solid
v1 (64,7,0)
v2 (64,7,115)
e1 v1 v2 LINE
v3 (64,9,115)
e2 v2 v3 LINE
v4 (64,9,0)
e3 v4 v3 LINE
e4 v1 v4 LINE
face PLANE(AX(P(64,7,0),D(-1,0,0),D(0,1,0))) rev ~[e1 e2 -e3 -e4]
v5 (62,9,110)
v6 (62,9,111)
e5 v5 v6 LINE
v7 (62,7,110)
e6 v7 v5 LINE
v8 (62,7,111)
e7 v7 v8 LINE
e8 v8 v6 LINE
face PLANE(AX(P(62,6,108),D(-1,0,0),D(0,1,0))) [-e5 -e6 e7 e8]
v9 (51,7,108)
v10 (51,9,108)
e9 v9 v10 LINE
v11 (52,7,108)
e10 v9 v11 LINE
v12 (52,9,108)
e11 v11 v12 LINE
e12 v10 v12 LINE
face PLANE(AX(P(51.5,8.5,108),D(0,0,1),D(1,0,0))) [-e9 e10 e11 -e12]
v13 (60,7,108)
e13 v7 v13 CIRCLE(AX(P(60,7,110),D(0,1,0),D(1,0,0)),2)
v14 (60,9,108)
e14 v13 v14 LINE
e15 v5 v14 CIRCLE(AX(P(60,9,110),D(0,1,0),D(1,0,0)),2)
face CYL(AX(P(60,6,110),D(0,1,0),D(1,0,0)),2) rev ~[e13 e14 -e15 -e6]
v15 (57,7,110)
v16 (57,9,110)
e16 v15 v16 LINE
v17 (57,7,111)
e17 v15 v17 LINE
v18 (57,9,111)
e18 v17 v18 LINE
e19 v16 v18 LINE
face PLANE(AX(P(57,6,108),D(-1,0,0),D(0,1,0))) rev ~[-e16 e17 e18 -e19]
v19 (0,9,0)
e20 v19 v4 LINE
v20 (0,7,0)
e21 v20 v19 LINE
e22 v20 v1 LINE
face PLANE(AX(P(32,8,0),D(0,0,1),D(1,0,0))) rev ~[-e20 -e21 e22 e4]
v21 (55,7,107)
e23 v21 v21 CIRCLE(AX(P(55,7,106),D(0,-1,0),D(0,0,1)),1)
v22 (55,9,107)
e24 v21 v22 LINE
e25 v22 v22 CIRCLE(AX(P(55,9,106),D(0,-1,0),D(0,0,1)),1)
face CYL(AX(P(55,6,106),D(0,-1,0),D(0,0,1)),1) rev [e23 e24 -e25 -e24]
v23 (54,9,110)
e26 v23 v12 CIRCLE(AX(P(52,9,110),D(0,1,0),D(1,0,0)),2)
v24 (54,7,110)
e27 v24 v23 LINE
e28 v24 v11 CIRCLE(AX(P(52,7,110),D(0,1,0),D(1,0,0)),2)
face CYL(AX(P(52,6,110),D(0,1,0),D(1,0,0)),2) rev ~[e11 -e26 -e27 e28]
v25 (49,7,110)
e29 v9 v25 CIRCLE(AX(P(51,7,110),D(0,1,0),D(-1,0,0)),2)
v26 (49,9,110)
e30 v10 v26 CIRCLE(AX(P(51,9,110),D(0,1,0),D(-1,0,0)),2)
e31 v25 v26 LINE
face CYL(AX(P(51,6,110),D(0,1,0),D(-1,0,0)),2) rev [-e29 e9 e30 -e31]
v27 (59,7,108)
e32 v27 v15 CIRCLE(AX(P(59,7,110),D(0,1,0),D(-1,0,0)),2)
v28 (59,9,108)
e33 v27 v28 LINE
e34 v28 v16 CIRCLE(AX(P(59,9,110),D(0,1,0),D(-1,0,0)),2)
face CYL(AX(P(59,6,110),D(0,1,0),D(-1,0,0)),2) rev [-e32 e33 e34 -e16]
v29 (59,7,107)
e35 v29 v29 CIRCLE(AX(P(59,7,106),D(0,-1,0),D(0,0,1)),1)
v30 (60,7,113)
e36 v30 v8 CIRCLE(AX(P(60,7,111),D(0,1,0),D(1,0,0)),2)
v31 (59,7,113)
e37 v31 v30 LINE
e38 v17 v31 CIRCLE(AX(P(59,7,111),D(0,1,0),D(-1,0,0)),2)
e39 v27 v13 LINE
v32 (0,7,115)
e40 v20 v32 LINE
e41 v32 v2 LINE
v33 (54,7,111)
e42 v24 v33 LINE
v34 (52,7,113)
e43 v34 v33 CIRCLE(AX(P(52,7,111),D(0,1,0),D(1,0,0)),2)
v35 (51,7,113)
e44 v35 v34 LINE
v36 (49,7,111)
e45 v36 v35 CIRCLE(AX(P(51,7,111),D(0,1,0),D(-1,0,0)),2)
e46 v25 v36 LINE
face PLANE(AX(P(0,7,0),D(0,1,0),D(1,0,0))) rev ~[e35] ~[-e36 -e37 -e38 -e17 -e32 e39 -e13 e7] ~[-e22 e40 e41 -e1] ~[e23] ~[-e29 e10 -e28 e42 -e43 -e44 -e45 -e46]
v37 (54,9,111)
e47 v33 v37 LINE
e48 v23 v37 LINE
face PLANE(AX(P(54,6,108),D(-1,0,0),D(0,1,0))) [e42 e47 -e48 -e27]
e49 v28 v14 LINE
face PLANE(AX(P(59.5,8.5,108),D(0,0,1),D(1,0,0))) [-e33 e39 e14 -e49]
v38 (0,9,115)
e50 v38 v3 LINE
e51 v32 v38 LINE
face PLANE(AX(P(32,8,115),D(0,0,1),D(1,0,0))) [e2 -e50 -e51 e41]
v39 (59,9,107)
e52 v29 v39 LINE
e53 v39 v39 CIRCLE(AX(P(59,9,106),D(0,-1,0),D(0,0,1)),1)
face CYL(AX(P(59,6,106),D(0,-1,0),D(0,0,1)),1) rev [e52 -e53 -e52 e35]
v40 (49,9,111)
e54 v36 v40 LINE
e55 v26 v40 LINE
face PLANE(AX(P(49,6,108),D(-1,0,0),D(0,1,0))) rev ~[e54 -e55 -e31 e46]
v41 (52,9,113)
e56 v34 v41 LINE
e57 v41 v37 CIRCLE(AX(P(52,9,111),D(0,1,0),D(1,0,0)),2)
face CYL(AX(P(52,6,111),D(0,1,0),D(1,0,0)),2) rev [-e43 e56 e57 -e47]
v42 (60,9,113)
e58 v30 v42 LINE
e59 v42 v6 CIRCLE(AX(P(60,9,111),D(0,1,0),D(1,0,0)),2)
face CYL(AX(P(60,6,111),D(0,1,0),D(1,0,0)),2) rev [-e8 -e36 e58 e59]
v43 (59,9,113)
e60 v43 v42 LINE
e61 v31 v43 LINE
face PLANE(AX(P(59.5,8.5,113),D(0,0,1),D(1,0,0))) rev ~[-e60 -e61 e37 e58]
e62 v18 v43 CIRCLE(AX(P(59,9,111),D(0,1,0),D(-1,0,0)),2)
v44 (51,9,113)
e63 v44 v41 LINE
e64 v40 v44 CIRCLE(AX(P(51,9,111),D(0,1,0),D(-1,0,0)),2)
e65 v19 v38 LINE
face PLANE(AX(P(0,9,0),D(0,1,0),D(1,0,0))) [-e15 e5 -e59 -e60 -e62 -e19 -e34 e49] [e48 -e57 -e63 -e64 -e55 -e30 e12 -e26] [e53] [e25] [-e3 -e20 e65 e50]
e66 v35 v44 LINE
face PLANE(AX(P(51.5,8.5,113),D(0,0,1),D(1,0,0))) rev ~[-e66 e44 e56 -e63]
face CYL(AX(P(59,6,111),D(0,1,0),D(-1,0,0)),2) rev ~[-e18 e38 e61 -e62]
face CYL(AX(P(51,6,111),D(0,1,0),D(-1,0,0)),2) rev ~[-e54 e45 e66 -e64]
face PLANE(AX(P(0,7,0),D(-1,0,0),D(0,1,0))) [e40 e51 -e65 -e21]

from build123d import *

# Parameters (mm, degrees)
CYLINDER011_R     = 1
CYLINDER011_DEPTH = 10
CYLINDER012_R     = 1
CYLINDER012_DEPTH = 10
BOX014_W          = 5
BOX014_H          = 5
BOX014_DEPTH      = 5
FILLET005_R       = 2
BOX013_W          = 5
BOX013_H          = 5
BOX013_DEPTH      = 5
FILLET004_R       = 2
BOX016_W          = 64
BOX016_H          = 2
BOX016_DEPTH      = 115


with BuildPart() as cilindro011:
    # Cylinder011 → Cylinder011 (new body)
    with BuildSketch(Plane(origin=(59, 6, 106), x_dir=(0, 0, 1), z_dir=(0, 1, 0))):
        Circle(CYLINDER011_R)
    extrude(amount=CYLINDER011_DEPTH)


with BuildPart() as cilindro012:
    # Cylinder012 → Cylinder012 (new body)
    with BuildSketch(Plane(origin=(55, 6, 106), x_dir=(0, 0, 1), z_dir=(0, 1, 0))):
        Circle(CYLINDER012_R)
    extrude(amount=CYLINDER012_DEPTH)


with BuildPart() as fillet005:
    # Box014 → Box014 (new body)
    with BuildSketch(Plane(origin=(57, 6, 108), x_dir=(1, 0, 0), z_dir=(0, 0, 1))):
        with Locations((2.5, 2.5)):
            Rectangle(BOX014_W, BOX014_H)
    extrude(amount=BOX014_DEPTH)

    # Fillet005
    fillet005_edges = [fillet005.edges().sort_by_distance(p)[0] for p in [
        (57, 8.5, 113),
        (57, 8.5, 108),
        (62, 8.5, 113),
        (62, 8.5, 108),
    ]]
    fillet(fillet005_edges, radius=FILLET005_R)


with BuildPart() as fillet005_1:
    # Fillet005 placement: moved
    add(fillet005.part.moved(Location((-8, 0, 0))))


with BuildPart() as fillet004:
    # Box013 → Box013 (new body)
    with BuildSketch(Plane(origin=(57, 6, 108), x_dir=(1, 0, 0), z_dir=(0, 0, 1))):
        with Locations((2.5, 2.5)):
            Rectangle(BOX013_W, BOX013_H)
    extrude(amount=BOX013_DEPTH)

    # Fillet004
    fillet004_edges = [fillet004.edges().sort_by_distance(p)[0] for p in [
        (57, 8.5, 113),
        (57, 8.5, 108),
        (62, 8.5, 113),
        (62, 8.5, 108),
    ]]
    fillet(fillet004_edges, radius=FILLET004_R)


with BuildPart() as back:
    # Box016 → Box016 (new body)
    with BuildSketch(Plane(origin=(0, 7, 0), x_dir=(1, 0, 0), z_dir=(0, 0, 1))):
        with Locations((32, 1)):
            Rectangle(BOX016_W, BOX016_H)
    extrude(amount=BOX016_DEPTH)

    # Cut020: cut Fillet004
    add(fillet004.part, mode=Mode.SUBTRACT)

    # Cut021: cut Fillet005
    add(fillet005_1.part, mode=Mode.SUBTRACT)

    # Cut031: cut Cilindro012
    add(cilindro012.part, mode=Mode.SUBTRACT)

    # Cut032: cut Cilindro011
    add(cilindro011.part, mode=Mode.SUBTRACT)


solid = back.part
